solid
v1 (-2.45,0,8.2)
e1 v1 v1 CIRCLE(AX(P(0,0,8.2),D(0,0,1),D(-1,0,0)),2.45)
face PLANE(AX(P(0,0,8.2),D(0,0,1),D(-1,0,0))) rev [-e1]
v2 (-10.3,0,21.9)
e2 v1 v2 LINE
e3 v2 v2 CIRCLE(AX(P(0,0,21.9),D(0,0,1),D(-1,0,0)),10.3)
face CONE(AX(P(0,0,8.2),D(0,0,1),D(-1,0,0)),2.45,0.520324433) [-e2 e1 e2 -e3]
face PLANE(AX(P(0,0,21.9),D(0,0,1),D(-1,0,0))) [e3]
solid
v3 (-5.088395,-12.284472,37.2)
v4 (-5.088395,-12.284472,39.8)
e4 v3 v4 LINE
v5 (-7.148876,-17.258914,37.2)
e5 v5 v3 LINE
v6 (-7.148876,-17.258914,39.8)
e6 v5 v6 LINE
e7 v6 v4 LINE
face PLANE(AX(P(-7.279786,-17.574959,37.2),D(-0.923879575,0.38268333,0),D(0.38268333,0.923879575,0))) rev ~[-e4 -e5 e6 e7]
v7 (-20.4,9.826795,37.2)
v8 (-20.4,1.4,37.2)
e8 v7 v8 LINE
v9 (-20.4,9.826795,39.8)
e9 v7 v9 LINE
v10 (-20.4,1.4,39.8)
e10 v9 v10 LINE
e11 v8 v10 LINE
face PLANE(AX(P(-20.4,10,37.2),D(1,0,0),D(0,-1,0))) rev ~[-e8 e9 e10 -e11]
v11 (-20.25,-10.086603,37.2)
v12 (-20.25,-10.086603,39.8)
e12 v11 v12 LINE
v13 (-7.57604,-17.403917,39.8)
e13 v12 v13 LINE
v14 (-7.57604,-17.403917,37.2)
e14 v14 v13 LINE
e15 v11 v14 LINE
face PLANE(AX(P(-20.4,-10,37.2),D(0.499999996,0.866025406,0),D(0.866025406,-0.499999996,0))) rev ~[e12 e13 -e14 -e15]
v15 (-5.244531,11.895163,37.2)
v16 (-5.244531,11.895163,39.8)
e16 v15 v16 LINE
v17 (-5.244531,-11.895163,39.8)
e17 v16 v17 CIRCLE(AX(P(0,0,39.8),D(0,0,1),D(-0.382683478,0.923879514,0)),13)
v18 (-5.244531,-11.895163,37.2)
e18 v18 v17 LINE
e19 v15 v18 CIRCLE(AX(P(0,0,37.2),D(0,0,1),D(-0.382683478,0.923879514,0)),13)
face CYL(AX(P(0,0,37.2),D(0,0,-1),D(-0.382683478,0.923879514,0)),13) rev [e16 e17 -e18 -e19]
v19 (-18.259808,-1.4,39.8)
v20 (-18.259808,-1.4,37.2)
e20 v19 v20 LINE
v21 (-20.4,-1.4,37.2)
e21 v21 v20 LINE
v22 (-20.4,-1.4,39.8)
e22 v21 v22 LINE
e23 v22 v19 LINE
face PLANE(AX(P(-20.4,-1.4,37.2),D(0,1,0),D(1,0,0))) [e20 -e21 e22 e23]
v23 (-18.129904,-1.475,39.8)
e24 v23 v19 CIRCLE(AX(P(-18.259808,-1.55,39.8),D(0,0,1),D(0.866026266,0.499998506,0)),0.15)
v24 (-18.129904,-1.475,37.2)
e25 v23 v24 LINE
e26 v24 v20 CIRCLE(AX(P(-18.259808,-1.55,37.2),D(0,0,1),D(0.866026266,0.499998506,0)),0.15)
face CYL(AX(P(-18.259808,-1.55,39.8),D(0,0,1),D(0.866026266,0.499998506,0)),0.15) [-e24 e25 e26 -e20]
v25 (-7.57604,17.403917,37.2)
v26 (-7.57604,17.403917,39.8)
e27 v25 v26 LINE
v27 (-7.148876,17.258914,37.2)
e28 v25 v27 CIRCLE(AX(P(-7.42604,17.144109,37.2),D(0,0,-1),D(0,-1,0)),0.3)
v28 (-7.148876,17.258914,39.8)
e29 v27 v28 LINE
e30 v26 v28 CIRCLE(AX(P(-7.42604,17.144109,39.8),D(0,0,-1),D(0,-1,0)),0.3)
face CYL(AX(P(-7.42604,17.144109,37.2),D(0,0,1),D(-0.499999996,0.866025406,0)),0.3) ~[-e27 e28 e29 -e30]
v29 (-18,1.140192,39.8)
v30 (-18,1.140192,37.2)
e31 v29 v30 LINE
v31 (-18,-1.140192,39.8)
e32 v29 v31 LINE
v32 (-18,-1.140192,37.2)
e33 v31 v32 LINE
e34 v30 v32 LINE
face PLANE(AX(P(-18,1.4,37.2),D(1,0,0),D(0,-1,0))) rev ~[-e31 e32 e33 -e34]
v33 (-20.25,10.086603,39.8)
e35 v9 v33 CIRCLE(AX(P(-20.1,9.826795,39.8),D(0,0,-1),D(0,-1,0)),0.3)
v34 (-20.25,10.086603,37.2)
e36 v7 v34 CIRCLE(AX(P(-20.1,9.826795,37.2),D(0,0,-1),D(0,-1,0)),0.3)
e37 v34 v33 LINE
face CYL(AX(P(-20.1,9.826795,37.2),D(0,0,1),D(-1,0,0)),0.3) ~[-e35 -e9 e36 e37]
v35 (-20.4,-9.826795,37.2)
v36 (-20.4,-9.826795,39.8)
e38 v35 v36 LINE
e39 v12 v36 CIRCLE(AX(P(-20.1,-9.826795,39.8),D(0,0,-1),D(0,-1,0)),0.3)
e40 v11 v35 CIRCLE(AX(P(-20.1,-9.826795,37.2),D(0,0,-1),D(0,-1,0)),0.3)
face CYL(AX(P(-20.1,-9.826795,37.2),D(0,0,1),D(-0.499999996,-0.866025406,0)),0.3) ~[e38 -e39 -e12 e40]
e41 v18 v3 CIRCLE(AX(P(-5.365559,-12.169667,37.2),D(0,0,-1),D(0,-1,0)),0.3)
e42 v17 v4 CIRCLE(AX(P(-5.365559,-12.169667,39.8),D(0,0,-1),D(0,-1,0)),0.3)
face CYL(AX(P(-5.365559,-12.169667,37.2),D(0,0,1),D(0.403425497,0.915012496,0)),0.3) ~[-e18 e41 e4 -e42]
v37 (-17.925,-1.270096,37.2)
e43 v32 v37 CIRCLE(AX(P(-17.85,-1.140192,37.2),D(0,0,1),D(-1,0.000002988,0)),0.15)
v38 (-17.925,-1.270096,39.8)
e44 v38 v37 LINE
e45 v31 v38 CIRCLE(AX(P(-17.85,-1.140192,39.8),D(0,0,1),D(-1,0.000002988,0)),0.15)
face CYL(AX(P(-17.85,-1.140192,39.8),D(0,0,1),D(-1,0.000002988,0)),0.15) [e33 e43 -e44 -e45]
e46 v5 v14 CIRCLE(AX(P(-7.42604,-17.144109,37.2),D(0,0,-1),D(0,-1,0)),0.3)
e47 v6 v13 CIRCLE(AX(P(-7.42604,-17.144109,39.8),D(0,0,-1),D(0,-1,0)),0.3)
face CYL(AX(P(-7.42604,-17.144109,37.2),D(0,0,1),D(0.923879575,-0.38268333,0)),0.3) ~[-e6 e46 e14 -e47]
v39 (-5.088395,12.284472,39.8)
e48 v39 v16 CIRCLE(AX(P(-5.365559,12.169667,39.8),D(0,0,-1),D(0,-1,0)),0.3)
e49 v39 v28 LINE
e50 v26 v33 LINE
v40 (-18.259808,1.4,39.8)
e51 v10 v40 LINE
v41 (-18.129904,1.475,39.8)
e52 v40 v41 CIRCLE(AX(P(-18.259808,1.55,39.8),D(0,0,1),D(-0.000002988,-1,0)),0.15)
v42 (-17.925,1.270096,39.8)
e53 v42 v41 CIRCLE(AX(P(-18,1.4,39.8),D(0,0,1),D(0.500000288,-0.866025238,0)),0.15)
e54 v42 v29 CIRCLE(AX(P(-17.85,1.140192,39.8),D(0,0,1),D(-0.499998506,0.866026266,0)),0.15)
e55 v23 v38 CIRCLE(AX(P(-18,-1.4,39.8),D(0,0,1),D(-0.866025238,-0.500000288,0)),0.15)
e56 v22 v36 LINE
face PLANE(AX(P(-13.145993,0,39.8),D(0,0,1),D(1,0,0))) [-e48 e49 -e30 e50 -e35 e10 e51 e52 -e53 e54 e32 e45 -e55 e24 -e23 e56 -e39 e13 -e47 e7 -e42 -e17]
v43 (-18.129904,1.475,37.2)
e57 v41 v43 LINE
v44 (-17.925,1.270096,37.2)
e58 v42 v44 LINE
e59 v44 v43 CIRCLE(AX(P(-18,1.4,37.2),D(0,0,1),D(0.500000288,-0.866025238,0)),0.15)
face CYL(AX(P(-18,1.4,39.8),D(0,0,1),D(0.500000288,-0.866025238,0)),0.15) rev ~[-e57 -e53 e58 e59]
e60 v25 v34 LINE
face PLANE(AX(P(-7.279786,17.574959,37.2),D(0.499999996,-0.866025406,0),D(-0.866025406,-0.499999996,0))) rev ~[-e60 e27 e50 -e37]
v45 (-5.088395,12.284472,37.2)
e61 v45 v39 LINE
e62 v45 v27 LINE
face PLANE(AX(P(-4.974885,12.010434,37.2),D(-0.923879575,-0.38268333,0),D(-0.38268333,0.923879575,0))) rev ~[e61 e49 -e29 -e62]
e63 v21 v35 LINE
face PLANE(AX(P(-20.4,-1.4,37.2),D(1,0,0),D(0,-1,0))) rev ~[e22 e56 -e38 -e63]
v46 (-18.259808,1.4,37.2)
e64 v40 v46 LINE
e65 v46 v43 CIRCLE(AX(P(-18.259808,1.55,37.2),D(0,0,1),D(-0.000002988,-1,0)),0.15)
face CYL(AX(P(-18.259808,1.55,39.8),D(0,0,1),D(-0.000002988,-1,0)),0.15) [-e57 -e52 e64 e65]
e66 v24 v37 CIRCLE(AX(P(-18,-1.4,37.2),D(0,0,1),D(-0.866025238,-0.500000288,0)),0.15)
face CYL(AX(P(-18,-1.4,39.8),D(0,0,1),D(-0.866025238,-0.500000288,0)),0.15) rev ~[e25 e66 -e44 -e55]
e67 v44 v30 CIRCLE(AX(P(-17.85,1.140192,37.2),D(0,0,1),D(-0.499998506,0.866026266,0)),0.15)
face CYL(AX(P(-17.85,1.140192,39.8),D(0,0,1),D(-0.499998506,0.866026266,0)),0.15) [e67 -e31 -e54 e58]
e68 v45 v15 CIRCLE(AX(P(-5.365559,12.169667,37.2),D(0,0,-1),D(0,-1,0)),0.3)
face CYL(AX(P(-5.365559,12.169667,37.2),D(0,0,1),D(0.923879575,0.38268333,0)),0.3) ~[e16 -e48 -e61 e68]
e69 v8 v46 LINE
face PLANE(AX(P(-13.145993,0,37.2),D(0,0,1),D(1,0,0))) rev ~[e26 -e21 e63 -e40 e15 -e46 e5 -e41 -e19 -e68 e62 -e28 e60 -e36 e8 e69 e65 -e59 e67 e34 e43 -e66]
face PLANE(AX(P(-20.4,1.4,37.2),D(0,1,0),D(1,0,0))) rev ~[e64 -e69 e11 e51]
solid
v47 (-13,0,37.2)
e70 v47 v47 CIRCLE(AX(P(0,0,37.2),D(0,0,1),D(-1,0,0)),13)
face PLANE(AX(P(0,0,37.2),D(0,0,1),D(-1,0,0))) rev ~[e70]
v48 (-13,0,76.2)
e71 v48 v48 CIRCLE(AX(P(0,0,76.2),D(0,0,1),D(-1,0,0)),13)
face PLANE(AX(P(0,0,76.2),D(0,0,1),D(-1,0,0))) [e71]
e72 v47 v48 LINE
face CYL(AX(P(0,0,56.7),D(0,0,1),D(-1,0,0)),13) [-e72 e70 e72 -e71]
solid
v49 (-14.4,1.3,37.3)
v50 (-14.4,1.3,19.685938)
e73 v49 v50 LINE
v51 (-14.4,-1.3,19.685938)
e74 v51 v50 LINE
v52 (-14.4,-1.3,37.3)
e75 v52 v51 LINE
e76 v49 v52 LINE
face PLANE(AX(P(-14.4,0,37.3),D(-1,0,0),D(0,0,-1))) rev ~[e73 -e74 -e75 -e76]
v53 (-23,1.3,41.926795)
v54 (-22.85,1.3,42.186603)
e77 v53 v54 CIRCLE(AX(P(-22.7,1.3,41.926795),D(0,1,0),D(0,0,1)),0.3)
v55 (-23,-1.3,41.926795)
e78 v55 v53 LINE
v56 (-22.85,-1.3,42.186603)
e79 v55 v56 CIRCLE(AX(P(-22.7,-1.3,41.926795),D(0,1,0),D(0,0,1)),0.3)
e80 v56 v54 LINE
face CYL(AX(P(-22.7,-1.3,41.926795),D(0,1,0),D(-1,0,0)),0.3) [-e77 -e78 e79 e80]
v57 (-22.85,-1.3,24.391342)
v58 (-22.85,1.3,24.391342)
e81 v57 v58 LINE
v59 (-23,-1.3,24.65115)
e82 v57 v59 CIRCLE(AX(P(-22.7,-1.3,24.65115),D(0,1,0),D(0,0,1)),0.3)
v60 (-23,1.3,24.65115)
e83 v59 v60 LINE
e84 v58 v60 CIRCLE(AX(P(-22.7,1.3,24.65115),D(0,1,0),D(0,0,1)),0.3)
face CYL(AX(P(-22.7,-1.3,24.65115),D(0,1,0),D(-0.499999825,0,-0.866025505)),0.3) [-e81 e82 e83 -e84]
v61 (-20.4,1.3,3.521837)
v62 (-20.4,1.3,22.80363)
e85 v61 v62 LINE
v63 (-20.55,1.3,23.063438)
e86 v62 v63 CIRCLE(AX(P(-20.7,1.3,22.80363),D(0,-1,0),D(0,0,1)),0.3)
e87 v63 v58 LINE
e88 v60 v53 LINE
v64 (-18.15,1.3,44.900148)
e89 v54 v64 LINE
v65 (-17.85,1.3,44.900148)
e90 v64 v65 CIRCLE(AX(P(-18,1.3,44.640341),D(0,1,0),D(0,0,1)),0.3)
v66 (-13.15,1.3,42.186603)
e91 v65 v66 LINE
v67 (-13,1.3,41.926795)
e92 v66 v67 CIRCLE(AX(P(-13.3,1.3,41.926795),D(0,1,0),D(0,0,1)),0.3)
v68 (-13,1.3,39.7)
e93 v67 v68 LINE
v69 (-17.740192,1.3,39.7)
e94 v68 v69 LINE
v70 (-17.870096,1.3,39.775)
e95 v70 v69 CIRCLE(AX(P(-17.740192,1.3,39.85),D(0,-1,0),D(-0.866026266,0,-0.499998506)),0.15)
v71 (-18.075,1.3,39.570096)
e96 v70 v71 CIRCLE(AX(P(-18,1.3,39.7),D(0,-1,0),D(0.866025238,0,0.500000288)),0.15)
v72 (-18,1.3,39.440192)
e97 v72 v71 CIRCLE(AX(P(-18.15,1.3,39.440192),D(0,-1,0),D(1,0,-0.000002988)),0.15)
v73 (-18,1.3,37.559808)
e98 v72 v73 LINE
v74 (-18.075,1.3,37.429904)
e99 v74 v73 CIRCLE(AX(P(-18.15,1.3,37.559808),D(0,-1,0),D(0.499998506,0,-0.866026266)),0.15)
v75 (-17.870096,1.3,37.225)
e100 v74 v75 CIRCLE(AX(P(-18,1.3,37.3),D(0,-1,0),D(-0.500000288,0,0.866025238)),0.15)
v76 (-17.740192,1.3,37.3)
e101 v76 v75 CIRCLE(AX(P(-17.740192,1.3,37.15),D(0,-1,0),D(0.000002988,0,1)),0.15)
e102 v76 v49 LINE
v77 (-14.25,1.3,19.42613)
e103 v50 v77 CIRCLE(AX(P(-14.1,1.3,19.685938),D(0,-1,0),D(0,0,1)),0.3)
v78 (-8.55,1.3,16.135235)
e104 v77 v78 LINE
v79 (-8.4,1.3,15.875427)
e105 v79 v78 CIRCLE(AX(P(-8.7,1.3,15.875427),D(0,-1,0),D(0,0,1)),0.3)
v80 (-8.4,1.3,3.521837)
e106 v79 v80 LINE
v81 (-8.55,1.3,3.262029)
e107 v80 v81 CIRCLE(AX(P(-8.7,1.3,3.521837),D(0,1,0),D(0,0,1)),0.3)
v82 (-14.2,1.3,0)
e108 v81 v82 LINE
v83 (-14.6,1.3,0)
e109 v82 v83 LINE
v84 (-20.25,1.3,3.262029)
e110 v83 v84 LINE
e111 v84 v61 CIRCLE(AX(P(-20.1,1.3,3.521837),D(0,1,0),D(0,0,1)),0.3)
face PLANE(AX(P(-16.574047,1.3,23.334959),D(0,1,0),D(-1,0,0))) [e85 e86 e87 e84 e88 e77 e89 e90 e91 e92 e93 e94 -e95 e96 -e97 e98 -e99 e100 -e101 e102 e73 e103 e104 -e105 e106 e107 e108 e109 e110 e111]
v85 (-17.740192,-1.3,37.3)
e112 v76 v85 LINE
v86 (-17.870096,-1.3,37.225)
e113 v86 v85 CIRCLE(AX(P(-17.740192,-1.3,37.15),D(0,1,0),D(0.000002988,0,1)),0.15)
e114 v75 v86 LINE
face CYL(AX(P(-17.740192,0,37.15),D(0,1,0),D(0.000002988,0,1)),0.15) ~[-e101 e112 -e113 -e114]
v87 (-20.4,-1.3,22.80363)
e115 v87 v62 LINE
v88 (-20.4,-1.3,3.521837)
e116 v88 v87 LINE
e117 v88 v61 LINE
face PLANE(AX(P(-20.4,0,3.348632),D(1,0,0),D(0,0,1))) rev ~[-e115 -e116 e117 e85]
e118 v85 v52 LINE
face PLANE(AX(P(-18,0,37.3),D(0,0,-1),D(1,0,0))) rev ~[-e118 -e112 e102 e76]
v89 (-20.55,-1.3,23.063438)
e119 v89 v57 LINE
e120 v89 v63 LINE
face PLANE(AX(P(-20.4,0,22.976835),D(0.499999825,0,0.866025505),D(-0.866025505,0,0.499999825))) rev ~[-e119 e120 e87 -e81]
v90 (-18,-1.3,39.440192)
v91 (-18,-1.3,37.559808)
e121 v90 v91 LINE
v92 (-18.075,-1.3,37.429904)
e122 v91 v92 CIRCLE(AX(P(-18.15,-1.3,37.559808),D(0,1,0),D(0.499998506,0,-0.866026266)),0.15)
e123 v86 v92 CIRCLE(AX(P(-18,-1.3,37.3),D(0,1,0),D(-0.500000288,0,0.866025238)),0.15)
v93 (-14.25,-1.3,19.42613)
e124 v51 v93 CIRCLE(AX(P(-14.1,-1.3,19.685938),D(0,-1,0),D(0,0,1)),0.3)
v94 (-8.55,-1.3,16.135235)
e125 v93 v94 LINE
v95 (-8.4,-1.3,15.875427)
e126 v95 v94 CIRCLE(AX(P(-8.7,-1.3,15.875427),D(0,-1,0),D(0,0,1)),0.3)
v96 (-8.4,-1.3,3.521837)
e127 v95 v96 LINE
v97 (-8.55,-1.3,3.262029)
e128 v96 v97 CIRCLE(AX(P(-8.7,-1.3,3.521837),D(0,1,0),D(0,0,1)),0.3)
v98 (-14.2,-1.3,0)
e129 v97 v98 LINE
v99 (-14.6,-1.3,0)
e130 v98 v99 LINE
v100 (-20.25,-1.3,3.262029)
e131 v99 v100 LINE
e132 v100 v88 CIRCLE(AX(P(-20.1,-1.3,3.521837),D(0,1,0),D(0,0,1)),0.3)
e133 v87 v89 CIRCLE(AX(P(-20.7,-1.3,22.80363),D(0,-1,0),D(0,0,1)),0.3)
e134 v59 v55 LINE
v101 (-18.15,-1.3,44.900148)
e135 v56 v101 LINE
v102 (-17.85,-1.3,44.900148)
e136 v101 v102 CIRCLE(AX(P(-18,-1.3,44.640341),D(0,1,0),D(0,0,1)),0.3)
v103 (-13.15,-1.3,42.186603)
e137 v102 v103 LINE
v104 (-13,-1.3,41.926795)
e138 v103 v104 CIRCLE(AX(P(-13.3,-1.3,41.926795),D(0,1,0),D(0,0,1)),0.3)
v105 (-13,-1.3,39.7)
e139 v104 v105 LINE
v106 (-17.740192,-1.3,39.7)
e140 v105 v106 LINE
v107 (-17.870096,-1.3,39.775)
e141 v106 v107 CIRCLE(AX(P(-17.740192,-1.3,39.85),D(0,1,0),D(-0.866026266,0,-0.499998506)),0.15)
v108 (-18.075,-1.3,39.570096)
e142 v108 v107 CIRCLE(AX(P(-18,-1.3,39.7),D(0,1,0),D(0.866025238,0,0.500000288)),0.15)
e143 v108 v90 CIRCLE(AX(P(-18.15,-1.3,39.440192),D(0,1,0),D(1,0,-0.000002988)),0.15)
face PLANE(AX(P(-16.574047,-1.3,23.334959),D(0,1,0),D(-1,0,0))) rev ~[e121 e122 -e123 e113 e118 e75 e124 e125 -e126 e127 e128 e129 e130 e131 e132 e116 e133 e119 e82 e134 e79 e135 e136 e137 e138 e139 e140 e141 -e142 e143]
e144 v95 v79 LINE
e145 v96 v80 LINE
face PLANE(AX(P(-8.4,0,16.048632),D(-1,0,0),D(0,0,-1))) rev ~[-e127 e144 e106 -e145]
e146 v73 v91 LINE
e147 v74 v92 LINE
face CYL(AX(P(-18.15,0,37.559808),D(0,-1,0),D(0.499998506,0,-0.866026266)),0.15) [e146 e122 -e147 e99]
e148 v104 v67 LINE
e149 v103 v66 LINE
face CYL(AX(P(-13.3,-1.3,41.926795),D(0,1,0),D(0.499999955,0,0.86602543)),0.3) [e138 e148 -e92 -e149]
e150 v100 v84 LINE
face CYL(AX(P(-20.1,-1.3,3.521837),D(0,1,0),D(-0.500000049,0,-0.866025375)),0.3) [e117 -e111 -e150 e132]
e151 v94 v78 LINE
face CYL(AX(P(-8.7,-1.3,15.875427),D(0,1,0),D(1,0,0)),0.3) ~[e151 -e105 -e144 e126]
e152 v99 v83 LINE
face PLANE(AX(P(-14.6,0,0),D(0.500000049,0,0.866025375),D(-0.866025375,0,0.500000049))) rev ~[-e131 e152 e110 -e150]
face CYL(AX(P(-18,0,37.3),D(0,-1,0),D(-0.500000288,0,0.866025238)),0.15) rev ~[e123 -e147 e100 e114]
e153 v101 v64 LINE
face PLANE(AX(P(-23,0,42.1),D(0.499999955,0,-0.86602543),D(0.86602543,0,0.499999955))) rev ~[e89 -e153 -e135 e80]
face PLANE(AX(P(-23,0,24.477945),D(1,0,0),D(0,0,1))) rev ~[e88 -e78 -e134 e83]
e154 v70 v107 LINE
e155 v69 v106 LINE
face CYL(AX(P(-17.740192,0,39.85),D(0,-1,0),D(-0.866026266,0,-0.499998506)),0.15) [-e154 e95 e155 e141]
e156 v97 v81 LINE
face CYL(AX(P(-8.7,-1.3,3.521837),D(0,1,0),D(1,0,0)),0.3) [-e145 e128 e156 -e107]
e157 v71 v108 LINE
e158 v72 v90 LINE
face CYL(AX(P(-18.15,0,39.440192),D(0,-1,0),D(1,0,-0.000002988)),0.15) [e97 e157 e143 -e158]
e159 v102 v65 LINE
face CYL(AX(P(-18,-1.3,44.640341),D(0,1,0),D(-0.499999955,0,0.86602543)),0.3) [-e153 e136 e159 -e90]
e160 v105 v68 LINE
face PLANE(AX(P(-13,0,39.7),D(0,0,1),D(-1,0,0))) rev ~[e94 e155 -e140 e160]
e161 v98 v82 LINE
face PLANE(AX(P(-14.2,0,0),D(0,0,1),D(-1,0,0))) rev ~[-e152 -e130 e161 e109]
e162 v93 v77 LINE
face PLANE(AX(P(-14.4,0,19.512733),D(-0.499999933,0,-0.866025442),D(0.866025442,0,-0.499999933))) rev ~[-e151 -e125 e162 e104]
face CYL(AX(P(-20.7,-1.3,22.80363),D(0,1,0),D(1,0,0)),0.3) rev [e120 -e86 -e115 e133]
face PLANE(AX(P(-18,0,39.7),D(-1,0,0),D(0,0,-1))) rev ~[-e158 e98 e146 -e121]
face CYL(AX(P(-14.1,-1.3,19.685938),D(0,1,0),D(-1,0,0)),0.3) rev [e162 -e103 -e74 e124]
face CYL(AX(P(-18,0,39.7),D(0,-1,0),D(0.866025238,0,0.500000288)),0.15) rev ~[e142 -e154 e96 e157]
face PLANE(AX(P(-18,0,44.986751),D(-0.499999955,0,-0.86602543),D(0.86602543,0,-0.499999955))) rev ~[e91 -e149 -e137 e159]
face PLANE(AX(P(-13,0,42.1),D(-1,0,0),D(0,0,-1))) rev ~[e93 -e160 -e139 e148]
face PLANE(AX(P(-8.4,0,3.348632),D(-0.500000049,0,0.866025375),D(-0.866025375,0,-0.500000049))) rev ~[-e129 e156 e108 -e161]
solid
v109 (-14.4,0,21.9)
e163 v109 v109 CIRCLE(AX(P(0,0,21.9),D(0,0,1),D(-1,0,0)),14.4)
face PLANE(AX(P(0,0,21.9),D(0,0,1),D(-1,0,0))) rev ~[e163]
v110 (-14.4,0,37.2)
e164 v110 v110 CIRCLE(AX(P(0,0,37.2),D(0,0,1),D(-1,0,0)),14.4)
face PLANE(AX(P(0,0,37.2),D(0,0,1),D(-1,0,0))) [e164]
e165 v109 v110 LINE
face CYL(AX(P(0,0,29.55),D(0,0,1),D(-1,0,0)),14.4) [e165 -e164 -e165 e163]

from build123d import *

# Parameters (mm, degrees)
SKETCH003_W       = 14.4
SKETCH003_H       = 15.3
SKETCH004_W       = 13
SKETCH004_H       = 39
PAD002_DEPTH      = 1.3
POCKET_DEPTH      = 1.301
POCKET_DEPTH_BACK = 1.301
FILLET001_R       = 0.3
PAD003_DEPTH      = 2.6
POCKET001_DEPTH   = 2.601
FILLET_R          = 0.3


with BuildPart() as laser_cone:
    # Sketch002 → Revolution (revolve)
    with BuildSketch(Plane.XZ):
        Polygon((0, 21.9), (0, 8.2), (-2.45, 8.2), (-10.3, 21.9), align=None)
    revolve(axis=Axis((0, 0, 0), (0, 0, 1)))


with BuildPart() as laser_collar:
    # Sketch003 → Revolution001 (revolve)
    with BuildSketch(Plane.XZ):
        with Locations((-7.2, 29.55)):
            Rectangle(SKETCH003_W, SKETCH003_H)
    revolve(axis=Axis((0, 0, 0), (0, 0, 1)))


with BuildPart() as laser_mount_tube:
    # Sketch004 → Revolution002 (revolve)
    with BuildSketch(Plane.XZ):
        with Locations((-6.5, 56.7)):
            Rectangle(SKETCH004_W, SKETCH004_H)
    revolve(axis=Axis((0, 0, 0), (0, 0, 1)))


with BuildPart() as jig_main:
    # Sketch005 → Pad002 (new body, symmetric)
    with BuildSketch(Plane.XZ):
        Polygon((-14.4, 37.3), (-14.4, 19.512733), (-8.4, 16.048632), (-8.4, 3.348632), (-14.2, 0), (-14.6, 0), (-20.4, 3.348632), (-20.4, 22.976835), (-23, 24.477945), (-23, 42.1), (-18, 44.986751), (-13, 42.1), (-13, 39.7), (-18, 39.7), (-18, 37.3), align=None)
    extrude(amount=PAD002_DEPTH, both=True)

    # Sketch → Pocket (cut, two sides)
    with BuildSketch(Plane.XZ) as pocket_sk:
        with BuildLine():
            ThreePointArc((-17.870096, 39.775), (-18.106066, 39.806066), (-18.075, 39.570096))
            ThreePointArc((-18, 39.440192), (-18.020096, 39.515192), (-18.075, 39.570096))
            Line((-18, 39.440192), (-17.740192, 39.7))
            ThreePointArc((-17.870096, 39.775), (-17.815192, 39.720096), (-17.740192, 39.7))
        make_face()
        with BuildLine():
            ThreePointArc((-18.075, 37.429904), (-18.106066, 37.193934), (-17.870096, 37.225))
            ThreePointArc((-17.740192, 37.3), (-17.815192, 37.279904), (-17.870096, 37.225))
            Line((-18, 37.559808), (-17.740192, 37.3))
            ThreePointArc((-18.075, 37.429904), (-18.020096, 37.484808), (-18, 37.559808))
        make_face()
    extrude(amount=-POCKET_DEPTH, mode=Mode.SUBTRACT)
    extrude(pocket_sk.sketch, amount=POCKET_DEPTH_BACK, mode=Mode.SUBTRACT)

    # Fillet001
    fillet001_edges = [jig_main.edges().sort_by_distance(p)[0] for p in [
        (-13, 0, 42.1),
        (-18, 0, 44.986751),
        (-23, 0, 42.1),
        (-14.4, 0, 19.512733),
        (-8.4, 0, 16.048632),
        (-8.4, 0, 3.348632),
        (-20.4, 0, 3.348632),
        (-23, 0, 24.477945),
        (-20.4, 0, 22.976835),
    ]]
    fillet(fillet001_edges, radius=FILLET001_R)


with BuildPart() as jig_support:
    # Sketch006 (on Face1 of Binder005) → Pad003 (new body)
    with BuildSketch(Plane.XY.offset(37.2)):
        with BuildLine():
            Line((-18, 1.4), (-18, -1.4))
            Line((-20.4, -1.4), (-18, -1.4))
            Line((-20.4, -1.4), (-20.4, -10))
            Line((-20.4, -10), (-7.279786, -17.574959))
            Line((-7.279786, -17.574959), (-4.974885, -12.010434))
            ThreePointArc((-4.974885, 12.010434), (-13, 0), (-4.974885, -12.010434))
            Line((-4.974885, 12.010434), (-7.279786, 17.574959))
            Line((-7.279786, 17.574959), (-20.4, 10))
            Line((-20.4, 10), (-20.4, 1.4))
            Line((-20.4, 1.4), (-18, 1.4))
        make_face()
    extrude(amount=PAD003_DEPTH)

    # Sketch007 (on Face12 of Pad003) → Pocket001 (cut, through all)
    with BuildSketch(Plane.XY.offset(39.8)):
        with BuildLine():
            ThreePointArc((-17.925, 1.270096), (-17.893934, 1.506066), (-18.129904, 1.475))
            ThreePointArc((-18.259808, 1.4), (-18.184808, 1.420096), (-18.129904, 1.475))
            Line((-18.259808, 1.4), (-18, 1.140192))
            ThreePointArc((-17.925, 1.270096), (-17.979904, 1.215192), (-18, 1.140192))
        make_face()
        with BuildLine():
            ThreePointArc((-18.129904, -1.475), (-17.893934, -1.506066), (-17.925, -1.270096))
            ThreePointArc((-18, -1.140192), (-17.979904, -1.215192), (-17.925, -1.270096))
            Line((-18, -1.140192), (-18.259808, -1.4))
            ThreePointArc((-18.129904, -1.475), (-18.184808, -1.420096), (-18.259808, -1.4))
        make_face()
    extrude(amount=-POCKET001_DEPTH, mode=Mode.SUBTRACT)

    # Fillet
    fillet_edges = [jig_support.edges().sort_by_distance(p)[0] for p in [
        (-4.974885, 12.010434, 38.5),
        (-7.279786, 17.574959, 38.5),
        (-4.974885, -12.010434, 38.5),
        (-7.279786, -17.574959, 38.5),
        (-20.4, -10, 38.5),
        (-20.4, 10, 38.5),
    ]]
    fillet(fillet_edges, radius=FILLET_R)


solid = Compound([laser_cone.part, laser_collar.part, laser_mount_tube.part, jig_main.part, jig_support.part])
